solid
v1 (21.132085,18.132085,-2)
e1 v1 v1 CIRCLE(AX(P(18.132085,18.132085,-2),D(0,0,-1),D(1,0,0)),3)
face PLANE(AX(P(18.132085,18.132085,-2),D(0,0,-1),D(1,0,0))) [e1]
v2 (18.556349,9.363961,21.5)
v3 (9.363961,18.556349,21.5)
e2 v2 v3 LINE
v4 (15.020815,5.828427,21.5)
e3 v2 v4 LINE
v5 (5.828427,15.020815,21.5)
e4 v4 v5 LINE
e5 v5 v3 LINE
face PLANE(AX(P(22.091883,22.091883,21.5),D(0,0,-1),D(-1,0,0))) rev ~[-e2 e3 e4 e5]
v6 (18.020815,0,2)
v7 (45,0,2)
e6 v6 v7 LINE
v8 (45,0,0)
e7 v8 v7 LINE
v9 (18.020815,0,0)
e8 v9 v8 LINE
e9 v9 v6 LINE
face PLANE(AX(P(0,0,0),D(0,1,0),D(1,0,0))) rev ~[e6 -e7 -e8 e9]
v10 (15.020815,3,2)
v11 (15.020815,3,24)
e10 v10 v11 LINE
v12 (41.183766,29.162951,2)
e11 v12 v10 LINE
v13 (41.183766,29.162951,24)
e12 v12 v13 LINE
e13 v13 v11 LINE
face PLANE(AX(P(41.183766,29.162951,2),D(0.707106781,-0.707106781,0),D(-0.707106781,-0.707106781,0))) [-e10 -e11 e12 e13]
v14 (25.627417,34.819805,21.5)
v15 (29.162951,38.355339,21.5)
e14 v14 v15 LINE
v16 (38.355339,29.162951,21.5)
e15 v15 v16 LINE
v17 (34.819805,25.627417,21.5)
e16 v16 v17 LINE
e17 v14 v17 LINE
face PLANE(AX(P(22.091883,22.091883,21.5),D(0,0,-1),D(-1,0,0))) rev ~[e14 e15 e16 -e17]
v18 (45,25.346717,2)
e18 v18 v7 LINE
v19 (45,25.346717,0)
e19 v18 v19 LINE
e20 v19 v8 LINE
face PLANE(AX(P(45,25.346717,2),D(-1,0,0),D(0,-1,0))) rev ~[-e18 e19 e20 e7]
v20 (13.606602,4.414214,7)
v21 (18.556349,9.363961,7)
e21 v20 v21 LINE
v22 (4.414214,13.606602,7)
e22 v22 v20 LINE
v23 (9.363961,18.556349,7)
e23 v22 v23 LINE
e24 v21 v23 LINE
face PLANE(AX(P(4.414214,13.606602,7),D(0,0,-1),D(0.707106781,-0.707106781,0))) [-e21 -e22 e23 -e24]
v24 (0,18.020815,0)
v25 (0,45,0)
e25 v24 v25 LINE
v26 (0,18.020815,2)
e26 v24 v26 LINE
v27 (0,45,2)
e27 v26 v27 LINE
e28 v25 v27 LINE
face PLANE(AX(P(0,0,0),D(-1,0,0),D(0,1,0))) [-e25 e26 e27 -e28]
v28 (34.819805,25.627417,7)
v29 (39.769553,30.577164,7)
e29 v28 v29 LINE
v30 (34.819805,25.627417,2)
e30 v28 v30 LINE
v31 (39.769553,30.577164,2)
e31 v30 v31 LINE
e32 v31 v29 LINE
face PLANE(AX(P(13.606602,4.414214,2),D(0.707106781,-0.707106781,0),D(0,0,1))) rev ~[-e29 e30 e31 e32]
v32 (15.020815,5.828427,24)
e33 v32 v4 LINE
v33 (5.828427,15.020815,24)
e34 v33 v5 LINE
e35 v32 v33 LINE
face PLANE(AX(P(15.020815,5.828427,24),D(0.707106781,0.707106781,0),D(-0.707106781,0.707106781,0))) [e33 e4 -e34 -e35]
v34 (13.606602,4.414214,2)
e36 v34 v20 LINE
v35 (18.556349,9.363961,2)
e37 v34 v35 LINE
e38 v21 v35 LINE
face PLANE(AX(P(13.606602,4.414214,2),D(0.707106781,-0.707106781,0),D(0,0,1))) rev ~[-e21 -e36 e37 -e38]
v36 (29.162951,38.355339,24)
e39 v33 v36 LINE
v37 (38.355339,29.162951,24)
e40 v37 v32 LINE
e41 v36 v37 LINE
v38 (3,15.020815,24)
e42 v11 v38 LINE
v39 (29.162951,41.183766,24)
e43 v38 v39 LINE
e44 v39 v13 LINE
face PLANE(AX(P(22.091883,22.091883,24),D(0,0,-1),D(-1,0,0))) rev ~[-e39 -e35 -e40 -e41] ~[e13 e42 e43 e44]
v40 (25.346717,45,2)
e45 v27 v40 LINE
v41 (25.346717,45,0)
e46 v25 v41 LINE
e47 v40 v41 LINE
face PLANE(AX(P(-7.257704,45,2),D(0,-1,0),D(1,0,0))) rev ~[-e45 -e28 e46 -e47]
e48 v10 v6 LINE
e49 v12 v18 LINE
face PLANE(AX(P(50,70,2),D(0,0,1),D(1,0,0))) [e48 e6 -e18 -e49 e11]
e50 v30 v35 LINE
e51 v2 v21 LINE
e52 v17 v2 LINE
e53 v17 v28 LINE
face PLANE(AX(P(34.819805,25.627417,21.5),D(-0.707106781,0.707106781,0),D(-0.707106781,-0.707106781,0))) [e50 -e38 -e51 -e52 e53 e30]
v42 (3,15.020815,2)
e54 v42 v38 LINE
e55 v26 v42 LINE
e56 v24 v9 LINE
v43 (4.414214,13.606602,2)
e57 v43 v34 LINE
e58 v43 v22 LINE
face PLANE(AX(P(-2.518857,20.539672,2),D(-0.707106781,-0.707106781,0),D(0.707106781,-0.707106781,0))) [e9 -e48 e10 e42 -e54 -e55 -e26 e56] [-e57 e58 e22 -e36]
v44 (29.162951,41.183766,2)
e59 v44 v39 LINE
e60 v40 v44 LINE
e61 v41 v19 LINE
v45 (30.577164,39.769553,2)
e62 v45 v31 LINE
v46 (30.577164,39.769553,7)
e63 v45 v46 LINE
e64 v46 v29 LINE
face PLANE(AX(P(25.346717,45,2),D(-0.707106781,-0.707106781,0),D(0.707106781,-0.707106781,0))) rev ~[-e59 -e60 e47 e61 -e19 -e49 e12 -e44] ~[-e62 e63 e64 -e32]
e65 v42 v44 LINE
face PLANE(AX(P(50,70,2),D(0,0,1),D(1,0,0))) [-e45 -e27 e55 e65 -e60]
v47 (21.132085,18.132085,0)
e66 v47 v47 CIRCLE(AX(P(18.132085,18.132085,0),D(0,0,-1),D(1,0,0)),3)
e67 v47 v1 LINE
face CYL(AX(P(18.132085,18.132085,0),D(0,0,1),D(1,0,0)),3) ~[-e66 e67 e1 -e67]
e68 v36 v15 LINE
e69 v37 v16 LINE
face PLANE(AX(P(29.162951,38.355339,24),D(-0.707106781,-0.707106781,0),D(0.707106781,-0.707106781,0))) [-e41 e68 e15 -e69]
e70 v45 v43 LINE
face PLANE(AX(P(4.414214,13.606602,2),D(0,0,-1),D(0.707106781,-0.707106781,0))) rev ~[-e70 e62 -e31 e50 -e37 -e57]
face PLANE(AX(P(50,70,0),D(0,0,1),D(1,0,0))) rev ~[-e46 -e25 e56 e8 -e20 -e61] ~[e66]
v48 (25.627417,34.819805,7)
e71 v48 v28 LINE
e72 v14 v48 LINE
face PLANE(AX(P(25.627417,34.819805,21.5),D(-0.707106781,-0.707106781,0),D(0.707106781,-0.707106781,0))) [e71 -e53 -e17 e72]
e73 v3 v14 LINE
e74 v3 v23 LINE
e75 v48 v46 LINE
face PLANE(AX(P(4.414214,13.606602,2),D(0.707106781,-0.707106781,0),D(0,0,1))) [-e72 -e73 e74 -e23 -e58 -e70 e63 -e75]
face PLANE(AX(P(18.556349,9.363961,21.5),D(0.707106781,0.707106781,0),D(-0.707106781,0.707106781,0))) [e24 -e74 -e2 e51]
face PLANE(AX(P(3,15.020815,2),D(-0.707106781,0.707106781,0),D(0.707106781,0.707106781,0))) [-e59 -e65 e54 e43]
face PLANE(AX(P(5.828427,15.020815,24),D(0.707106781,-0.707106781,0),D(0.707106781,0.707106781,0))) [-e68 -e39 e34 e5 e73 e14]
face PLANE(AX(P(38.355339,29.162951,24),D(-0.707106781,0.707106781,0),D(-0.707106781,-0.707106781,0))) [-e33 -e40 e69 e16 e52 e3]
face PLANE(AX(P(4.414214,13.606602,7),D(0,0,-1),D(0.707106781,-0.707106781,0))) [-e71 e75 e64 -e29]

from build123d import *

# Parameters (mm, degrees)
SKETCH_W        = 100
SKETCH_H        = 140
PAD_DEPTH       = 2
PAD001_DEPTH    = 22
POCKET_DEPTH    = 2.5
POCKET001_DEPTH = 19.5
POCKET002_DEPTH = 2.001
SKETCH005_R     = 3
PAD002_DEPTH    = 2
SKETCH006_W     = 13
SKETCH006_H     = 5
POCKET003_DEPTH = 50.8979696197


with BuildPart() as part:
    # Sketch → Pad (new body)
    with BuildSketch(Plane.XY):
        with Locations((50, 70)):
            Rectangle(SKETCH_W, SKETCH_H)
    extrude(amount=PAD_DEPTH)

    # Sketch001 (on Face6 of Pad) → Pad001 (join)
    with BuildSketch(Plane.XY.offset(2)):
        Polygon((3, 15.0208152802), (29.162950904, 41.1837661841), (41.1837661842, 29.1629509039), (15.0208152802, 3), align=None)
    extrude(amount=PAD001_DEPTH)

    # Sketch002 (on Face11 of Pad001) → Pocket (cut)
    with BuildSketch(Plane.XY.offset(24)):
        Polygon((5.8284271247, 15.0208152802), (29.162950904, 38.3553390594), (38.3553390594, 29.1629509039), (15.0208152802, 5.8284271247), align=None)
    extrude(amount=-POCKET_DEPTH, mode=Mode.SUBTRACT)

    # Sketch003 (on Face16 of Pocket) → Pocket001 (cut)
    with BuildSketch(Plane.XY.offset(21.5)):
        Polygon((9.3639610307, 18.5563491861), (25.627416998, 34.8198051534), (34.8198051534, 25.6274169979), (18.5563491861, 9.3639610307), align=None)
    extrude(amount=-POCKET001_DEPTH, mode=Mode.SUBTRACT)

    # Sketch004 (on Face5 of Pocket001) → Pocket002 (cut, through all)
    with BuildSketch(Plane.XY.offset(2)):
        Polygon((-2.5188567426, 20.5396720228), (19.697648952, -1.6768336718), (-2.5188567426, -1.6768336718), align=None)
        Polygon((-7.257704, 45), (25.3467170881, 45), (45, 25.3467170881), (45, -9.128844), (123.673981, -9.128844), (123.673981, 160.15947), (-17.63995, 152.949585), align=None)
    extrude(amount=-POCKET002_DEPTH, mode=Mode.SUBTRACT)

    # Sketch005 (on Face2 of Pocket002) → Pad002 (join)
    with BuildSketch(Plane(origin=(0, 0, 0), x_dir=(1, 0, 0), z_dir=(0, 0, -1))):
        with Locations((18.1320851174, -18.1320851174)):
            Circle(SKETCH005_R)
    extrude(amount=PAD002_DEPTH)

    # Sketch006 (on Face11 of Pad002) → Pocket003 (cut, through all)
    with BuildSketch(Plane(origin=(9.0104076401, 9.0104076401, 0), x_dir=(0.7071067812, -0.7071067812, 0), z_dir=(-0.7071067812, -0.7071067812, 0))):
        with Locations((0, 4.5)):
            Rectangle(SKETCH006_W, SKETCH006_H)
    extrude(amount=-POCKET003_DEPTH, mode=Mode.SUBTRACT)


solid = part.part
